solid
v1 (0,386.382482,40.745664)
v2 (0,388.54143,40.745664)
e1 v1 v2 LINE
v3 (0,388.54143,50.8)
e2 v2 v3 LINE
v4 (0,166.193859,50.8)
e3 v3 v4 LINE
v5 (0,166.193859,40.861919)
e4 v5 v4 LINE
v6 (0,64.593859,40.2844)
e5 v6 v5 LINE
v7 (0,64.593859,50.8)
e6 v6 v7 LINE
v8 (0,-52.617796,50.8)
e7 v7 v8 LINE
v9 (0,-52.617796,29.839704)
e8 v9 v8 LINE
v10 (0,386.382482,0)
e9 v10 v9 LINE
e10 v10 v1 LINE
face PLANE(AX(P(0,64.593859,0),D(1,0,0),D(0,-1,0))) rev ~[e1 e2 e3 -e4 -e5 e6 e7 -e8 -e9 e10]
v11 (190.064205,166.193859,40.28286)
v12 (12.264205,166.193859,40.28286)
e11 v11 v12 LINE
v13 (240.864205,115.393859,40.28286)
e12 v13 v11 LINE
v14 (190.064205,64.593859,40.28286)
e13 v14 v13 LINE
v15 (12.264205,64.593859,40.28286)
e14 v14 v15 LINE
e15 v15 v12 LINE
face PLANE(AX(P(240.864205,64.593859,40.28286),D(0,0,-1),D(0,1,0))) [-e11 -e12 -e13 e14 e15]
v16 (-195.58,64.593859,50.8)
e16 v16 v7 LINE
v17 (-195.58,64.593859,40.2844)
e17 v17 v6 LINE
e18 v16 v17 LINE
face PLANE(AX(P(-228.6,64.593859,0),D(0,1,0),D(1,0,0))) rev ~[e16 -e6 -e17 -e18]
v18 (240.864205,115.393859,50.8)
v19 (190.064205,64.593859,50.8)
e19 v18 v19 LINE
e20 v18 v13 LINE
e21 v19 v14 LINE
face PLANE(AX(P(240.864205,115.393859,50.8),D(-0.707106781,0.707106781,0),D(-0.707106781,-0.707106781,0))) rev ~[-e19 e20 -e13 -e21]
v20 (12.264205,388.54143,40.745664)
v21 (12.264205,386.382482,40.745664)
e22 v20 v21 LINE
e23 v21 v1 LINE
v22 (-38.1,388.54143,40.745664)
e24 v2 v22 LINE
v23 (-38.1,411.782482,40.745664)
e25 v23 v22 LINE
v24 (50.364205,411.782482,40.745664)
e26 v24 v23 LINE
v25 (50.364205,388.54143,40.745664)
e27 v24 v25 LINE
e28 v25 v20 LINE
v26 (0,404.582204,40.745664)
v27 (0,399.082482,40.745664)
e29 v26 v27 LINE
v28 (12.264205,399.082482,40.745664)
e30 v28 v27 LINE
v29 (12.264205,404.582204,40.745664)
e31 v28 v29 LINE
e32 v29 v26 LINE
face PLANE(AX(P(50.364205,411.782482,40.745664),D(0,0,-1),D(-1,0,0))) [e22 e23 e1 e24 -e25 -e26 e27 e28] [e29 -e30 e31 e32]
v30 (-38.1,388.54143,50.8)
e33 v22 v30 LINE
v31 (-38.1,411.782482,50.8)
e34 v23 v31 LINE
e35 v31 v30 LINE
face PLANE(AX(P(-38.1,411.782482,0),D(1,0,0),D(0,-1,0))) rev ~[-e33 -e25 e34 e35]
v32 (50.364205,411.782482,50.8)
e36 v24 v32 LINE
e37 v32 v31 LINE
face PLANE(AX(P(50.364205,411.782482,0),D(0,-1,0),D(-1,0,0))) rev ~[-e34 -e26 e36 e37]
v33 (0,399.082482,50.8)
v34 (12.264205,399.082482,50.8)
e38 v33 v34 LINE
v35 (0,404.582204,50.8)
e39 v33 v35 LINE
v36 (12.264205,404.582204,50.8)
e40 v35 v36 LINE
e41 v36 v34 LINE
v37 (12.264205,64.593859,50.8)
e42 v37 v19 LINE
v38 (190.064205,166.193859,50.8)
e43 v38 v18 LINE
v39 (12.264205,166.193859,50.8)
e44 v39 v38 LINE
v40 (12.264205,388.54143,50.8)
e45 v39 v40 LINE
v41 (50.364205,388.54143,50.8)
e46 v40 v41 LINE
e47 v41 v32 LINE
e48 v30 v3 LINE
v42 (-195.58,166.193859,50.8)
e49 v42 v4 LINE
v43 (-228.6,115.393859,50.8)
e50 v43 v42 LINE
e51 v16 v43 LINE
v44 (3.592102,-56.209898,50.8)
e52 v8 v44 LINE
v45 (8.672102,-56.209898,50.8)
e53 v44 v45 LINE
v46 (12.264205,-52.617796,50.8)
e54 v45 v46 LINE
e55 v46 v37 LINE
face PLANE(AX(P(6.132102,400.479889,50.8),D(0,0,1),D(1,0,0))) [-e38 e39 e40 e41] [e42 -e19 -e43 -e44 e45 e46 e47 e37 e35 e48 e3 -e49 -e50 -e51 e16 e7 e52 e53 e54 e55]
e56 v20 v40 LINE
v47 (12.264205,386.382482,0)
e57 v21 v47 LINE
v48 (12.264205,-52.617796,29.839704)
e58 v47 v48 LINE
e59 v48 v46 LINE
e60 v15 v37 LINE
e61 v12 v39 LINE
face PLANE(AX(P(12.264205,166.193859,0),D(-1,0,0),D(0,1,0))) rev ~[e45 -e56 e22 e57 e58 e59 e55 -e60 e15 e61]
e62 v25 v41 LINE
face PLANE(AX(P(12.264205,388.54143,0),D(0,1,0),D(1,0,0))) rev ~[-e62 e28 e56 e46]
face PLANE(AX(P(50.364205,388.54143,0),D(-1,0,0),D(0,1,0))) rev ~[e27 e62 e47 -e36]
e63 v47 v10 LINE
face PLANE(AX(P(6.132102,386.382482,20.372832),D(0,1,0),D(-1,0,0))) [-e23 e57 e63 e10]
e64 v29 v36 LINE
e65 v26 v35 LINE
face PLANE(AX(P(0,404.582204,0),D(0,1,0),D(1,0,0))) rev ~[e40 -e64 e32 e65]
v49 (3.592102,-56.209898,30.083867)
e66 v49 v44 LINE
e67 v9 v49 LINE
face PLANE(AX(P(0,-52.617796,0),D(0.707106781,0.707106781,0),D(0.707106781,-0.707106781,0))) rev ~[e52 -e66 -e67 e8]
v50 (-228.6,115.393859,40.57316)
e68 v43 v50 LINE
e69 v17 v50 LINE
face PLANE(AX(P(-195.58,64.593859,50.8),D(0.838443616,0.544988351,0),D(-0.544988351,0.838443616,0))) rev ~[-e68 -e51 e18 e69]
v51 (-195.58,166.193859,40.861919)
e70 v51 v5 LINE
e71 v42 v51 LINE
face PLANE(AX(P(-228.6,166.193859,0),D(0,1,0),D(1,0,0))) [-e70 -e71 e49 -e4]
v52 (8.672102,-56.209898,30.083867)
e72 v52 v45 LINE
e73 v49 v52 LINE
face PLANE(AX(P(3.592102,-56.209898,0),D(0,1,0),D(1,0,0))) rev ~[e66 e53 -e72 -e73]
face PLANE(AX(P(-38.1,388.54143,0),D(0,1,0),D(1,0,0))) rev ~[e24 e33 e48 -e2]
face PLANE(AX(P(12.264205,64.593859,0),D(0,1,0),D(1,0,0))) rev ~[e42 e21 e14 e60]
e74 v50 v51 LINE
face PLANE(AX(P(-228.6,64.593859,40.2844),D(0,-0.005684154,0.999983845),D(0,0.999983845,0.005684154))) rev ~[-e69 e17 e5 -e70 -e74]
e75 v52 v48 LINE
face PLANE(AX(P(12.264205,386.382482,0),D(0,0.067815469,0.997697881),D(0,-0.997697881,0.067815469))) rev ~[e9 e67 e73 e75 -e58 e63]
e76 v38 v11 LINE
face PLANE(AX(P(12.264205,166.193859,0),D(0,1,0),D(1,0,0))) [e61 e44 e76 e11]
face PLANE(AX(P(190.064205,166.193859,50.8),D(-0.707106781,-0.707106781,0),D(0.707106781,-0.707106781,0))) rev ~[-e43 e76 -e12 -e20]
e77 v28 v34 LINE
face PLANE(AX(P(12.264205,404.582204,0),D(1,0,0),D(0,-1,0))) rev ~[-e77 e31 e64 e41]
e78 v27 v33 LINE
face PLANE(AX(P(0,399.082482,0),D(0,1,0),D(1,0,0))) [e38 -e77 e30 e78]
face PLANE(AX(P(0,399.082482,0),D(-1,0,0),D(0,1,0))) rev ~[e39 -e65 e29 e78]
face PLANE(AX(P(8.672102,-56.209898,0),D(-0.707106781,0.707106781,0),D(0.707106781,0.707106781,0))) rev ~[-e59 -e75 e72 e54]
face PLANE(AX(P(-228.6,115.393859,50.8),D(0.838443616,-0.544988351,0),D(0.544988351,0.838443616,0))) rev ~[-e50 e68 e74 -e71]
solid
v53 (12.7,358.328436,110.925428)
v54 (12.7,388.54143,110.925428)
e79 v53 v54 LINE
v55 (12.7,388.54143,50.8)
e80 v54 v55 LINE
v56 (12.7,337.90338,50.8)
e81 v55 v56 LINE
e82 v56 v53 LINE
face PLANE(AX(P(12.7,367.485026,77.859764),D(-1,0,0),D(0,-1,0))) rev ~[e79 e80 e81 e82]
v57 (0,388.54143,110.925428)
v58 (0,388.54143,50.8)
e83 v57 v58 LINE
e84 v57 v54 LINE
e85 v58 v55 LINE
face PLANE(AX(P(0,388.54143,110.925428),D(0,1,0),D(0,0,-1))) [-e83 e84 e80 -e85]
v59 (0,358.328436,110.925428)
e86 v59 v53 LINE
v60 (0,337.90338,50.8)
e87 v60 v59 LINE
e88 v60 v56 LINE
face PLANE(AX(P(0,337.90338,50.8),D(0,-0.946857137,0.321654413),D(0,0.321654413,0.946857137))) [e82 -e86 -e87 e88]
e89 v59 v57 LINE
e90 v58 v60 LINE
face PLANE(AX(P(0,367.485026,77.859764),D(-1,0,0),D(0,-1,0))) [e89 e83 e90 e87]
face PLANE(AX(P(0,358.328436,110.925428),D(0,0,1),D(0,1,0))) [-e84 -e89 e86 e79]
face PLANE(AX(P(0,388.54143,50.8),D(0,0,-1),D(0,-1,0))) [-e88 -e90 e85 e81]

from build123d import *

# Parameters (mm, degrees)
F0_W      = 12.2642048969
F0_H      = 10.5410516262
F0_H_2    = 222.347571218
F0_H_3    = 101.6
F0_W_2    = 228.6
F1_DEPTH  = 50.8
F2_W      = 101.6
F2_H      = 40.2828603983
F3_DEPTH  = 228.6
F5_DEPTH  = 228.6
F7_DEPTH  = 25.4
F8_W      = 88.4642048969
F8_H      = 40.7456643879
F9_DEPTH  = 25.4
F11_DEPTH = 12.7
F13_DEPTH = 25.4
F15_DEPTH = 25.4
F17_DEPTH = 25.4


with BuildPart() as f1:
    # F0 (on Top) → F1 (new body)
    with BuildSketch(Plane.XY):
        Polygon((0, 399.0824818611), (0, 404.5822042346), (12.2642048969, 404.5822042346), (12.2642048969, 403.4197628498), (12.2642048969, 399.0824818611), (12.2642048969, 388.5414302349), (37.6642048969, 388.5414302349), (50.3642048969, 388.5414302349), (50.3642048969, 399.0824818611), (50.3642048969, 411.7824818611), (-38.1, 411.7824818611), (-38.1, 399.0824818611), (-38.1, 388.5414302349), (-25.4, 388.5414302349), (0, 388.5414302349), align=None)
        with Locations((6.1321024484, 393.811956048)):
            Rectangle(F0_W, F0_H)
        with Locations((6.1321024484, 277.3676446259)):
            Rectangle(F0_W, F0_H_2)
        with Locations((6.1321024484, 115.3938590169)):
            Rectangle(F0_W, F0_H_3)
        with Locations((-114.3, 115.3938590169)):
            Rectangle(F0_W_2, F0_H_3)
        Polygon((12.2642048969, 64.5938590169), (0, 64.5938590169), (0, -52.6177957654), (3.5921024484, -56.2098982138), (8.6721024484, -56.2098982138), (12.2642048969, -52.6177957654), align=None)
        with Locations((126.5642048969, 115.3938590169)):
            Rectangle(F0_W_2, F0_H_3)
    extrude(amount=F1_DEPTH)

    # F2 (on face) → F3 (cut)
    with BuildSketch(Plane.YZ.offset(240.8642048969)):
        with Locations((115.3938590169, 20.1414301991)):
            Rectangle(F2_W, F2_H)
    extrude(amount=-F3_DEPTH, mode=Mode.SUBTRACT)

    # F4 (on face) → F5 (cut)
    with BuildSketch(Plane(origin=(-228.6, 0, 0), x_dir=(0, -1, 0), z_dir=(-1, 0, 0))):
        Polygon((-64.5938590169, 40.2844), (-166.1938590169, 40.8619193254), (-166.1938590169, 40.2844), align=None)
        Polygon((-166.1938590169, 40.2844), (-166.1938590169, 40.8619193254), (-166.4173752069, 40.8631898463), (-166.1938590169, 0), (-64.5938590169, 0), (-64.5938590169, 40.2844), align=None)
    extrude(amount=-F5_DEPTH, mode=Mode.SUBTRACT)

    # F6 (on face) → F7 (cut)
    with BuildSketch(Plane.YZ):
        Polygon((404.5822042346, 0), (865.3968534112, 33.1447981298), (56.4681179821, 0), align=None)
    extrude(amount=-F7_DEPTH, mode=Mode.SUBTRACT)

    # F8 (on face) → F9 (cut)
    with BuildSketch(Plane(origin=(0, 411.7824818611, 0), x_dir=(-1, 0, 0), z_dir=(0, 1, 0))):
        with Locations((-6.1321024484, 20.372832194)):
            Rectangle(F8_W, F8_H)
    extrude(amount=-F9_DEPTH, mode=Mode.SUBTRACT)

    # F12 (on face) → F13 (cut)
    with BuildSketch(Plane.YZ.offset(12.2642048969)):
        Polygon((386.3824818611, 0), (-56.5404929221, 30.106337741), (-56.5404929221, 0), align=None)
    extrude(amount=-F13_DEPTH, mode=Mode.SUBTRACT)

    # F14 (on face) → F15 (cut)
    with BuildSketch(Plane.XY.offset(50.8)):
        Polygon((-195.58, 64.5938590169), (-228.6, 115.3938590169), (-228.6, 64.5938590169), align=None)
        Polygon((-228.6, 115.3938590169), (-195.58, 166.1938590169), (-228.6, 166.1938590169), align=None)
    extrude(amount=-F15_DEPTH, mode=Mode.SUBTRACT)

    # F16 (on face) → F17 (cut)
    with BuildSketch(Plane.XY.offset(50.8)):
        Polygon((240.8642048969, 166.1938590169), (190.0642048969, 166.1938590169), (240.8642048969, 115.3938590169), align=None)
        Polygon((240.8642048969, 64.5938590169), (240.8642048969, 115.3938590169), (190.0642048969, 64.5938590169), align=None)
    extrude(amount=-F17_DEPTH, mode=Mode.SUBTRACT)


with BuildPart() as f11:
    # F10 (on face) → F11 (new body)
    with BuildSketch(Plane(origin=(0, 0, 0), x_dir=(0, -1, 0), z_dir=(-1, 0, 0))):
        Polygon((-388.5414302349, 50.8), (-337.903380394, 50.8), (-358.3284356136, 110.9254282253), (-388.5414302349, 110.9254282253), (-388.5414302349, 72.186909616), align=None)
    extrude(amount=-F11_DEPTH)


solid = Compound([f1.part, f11.part])
